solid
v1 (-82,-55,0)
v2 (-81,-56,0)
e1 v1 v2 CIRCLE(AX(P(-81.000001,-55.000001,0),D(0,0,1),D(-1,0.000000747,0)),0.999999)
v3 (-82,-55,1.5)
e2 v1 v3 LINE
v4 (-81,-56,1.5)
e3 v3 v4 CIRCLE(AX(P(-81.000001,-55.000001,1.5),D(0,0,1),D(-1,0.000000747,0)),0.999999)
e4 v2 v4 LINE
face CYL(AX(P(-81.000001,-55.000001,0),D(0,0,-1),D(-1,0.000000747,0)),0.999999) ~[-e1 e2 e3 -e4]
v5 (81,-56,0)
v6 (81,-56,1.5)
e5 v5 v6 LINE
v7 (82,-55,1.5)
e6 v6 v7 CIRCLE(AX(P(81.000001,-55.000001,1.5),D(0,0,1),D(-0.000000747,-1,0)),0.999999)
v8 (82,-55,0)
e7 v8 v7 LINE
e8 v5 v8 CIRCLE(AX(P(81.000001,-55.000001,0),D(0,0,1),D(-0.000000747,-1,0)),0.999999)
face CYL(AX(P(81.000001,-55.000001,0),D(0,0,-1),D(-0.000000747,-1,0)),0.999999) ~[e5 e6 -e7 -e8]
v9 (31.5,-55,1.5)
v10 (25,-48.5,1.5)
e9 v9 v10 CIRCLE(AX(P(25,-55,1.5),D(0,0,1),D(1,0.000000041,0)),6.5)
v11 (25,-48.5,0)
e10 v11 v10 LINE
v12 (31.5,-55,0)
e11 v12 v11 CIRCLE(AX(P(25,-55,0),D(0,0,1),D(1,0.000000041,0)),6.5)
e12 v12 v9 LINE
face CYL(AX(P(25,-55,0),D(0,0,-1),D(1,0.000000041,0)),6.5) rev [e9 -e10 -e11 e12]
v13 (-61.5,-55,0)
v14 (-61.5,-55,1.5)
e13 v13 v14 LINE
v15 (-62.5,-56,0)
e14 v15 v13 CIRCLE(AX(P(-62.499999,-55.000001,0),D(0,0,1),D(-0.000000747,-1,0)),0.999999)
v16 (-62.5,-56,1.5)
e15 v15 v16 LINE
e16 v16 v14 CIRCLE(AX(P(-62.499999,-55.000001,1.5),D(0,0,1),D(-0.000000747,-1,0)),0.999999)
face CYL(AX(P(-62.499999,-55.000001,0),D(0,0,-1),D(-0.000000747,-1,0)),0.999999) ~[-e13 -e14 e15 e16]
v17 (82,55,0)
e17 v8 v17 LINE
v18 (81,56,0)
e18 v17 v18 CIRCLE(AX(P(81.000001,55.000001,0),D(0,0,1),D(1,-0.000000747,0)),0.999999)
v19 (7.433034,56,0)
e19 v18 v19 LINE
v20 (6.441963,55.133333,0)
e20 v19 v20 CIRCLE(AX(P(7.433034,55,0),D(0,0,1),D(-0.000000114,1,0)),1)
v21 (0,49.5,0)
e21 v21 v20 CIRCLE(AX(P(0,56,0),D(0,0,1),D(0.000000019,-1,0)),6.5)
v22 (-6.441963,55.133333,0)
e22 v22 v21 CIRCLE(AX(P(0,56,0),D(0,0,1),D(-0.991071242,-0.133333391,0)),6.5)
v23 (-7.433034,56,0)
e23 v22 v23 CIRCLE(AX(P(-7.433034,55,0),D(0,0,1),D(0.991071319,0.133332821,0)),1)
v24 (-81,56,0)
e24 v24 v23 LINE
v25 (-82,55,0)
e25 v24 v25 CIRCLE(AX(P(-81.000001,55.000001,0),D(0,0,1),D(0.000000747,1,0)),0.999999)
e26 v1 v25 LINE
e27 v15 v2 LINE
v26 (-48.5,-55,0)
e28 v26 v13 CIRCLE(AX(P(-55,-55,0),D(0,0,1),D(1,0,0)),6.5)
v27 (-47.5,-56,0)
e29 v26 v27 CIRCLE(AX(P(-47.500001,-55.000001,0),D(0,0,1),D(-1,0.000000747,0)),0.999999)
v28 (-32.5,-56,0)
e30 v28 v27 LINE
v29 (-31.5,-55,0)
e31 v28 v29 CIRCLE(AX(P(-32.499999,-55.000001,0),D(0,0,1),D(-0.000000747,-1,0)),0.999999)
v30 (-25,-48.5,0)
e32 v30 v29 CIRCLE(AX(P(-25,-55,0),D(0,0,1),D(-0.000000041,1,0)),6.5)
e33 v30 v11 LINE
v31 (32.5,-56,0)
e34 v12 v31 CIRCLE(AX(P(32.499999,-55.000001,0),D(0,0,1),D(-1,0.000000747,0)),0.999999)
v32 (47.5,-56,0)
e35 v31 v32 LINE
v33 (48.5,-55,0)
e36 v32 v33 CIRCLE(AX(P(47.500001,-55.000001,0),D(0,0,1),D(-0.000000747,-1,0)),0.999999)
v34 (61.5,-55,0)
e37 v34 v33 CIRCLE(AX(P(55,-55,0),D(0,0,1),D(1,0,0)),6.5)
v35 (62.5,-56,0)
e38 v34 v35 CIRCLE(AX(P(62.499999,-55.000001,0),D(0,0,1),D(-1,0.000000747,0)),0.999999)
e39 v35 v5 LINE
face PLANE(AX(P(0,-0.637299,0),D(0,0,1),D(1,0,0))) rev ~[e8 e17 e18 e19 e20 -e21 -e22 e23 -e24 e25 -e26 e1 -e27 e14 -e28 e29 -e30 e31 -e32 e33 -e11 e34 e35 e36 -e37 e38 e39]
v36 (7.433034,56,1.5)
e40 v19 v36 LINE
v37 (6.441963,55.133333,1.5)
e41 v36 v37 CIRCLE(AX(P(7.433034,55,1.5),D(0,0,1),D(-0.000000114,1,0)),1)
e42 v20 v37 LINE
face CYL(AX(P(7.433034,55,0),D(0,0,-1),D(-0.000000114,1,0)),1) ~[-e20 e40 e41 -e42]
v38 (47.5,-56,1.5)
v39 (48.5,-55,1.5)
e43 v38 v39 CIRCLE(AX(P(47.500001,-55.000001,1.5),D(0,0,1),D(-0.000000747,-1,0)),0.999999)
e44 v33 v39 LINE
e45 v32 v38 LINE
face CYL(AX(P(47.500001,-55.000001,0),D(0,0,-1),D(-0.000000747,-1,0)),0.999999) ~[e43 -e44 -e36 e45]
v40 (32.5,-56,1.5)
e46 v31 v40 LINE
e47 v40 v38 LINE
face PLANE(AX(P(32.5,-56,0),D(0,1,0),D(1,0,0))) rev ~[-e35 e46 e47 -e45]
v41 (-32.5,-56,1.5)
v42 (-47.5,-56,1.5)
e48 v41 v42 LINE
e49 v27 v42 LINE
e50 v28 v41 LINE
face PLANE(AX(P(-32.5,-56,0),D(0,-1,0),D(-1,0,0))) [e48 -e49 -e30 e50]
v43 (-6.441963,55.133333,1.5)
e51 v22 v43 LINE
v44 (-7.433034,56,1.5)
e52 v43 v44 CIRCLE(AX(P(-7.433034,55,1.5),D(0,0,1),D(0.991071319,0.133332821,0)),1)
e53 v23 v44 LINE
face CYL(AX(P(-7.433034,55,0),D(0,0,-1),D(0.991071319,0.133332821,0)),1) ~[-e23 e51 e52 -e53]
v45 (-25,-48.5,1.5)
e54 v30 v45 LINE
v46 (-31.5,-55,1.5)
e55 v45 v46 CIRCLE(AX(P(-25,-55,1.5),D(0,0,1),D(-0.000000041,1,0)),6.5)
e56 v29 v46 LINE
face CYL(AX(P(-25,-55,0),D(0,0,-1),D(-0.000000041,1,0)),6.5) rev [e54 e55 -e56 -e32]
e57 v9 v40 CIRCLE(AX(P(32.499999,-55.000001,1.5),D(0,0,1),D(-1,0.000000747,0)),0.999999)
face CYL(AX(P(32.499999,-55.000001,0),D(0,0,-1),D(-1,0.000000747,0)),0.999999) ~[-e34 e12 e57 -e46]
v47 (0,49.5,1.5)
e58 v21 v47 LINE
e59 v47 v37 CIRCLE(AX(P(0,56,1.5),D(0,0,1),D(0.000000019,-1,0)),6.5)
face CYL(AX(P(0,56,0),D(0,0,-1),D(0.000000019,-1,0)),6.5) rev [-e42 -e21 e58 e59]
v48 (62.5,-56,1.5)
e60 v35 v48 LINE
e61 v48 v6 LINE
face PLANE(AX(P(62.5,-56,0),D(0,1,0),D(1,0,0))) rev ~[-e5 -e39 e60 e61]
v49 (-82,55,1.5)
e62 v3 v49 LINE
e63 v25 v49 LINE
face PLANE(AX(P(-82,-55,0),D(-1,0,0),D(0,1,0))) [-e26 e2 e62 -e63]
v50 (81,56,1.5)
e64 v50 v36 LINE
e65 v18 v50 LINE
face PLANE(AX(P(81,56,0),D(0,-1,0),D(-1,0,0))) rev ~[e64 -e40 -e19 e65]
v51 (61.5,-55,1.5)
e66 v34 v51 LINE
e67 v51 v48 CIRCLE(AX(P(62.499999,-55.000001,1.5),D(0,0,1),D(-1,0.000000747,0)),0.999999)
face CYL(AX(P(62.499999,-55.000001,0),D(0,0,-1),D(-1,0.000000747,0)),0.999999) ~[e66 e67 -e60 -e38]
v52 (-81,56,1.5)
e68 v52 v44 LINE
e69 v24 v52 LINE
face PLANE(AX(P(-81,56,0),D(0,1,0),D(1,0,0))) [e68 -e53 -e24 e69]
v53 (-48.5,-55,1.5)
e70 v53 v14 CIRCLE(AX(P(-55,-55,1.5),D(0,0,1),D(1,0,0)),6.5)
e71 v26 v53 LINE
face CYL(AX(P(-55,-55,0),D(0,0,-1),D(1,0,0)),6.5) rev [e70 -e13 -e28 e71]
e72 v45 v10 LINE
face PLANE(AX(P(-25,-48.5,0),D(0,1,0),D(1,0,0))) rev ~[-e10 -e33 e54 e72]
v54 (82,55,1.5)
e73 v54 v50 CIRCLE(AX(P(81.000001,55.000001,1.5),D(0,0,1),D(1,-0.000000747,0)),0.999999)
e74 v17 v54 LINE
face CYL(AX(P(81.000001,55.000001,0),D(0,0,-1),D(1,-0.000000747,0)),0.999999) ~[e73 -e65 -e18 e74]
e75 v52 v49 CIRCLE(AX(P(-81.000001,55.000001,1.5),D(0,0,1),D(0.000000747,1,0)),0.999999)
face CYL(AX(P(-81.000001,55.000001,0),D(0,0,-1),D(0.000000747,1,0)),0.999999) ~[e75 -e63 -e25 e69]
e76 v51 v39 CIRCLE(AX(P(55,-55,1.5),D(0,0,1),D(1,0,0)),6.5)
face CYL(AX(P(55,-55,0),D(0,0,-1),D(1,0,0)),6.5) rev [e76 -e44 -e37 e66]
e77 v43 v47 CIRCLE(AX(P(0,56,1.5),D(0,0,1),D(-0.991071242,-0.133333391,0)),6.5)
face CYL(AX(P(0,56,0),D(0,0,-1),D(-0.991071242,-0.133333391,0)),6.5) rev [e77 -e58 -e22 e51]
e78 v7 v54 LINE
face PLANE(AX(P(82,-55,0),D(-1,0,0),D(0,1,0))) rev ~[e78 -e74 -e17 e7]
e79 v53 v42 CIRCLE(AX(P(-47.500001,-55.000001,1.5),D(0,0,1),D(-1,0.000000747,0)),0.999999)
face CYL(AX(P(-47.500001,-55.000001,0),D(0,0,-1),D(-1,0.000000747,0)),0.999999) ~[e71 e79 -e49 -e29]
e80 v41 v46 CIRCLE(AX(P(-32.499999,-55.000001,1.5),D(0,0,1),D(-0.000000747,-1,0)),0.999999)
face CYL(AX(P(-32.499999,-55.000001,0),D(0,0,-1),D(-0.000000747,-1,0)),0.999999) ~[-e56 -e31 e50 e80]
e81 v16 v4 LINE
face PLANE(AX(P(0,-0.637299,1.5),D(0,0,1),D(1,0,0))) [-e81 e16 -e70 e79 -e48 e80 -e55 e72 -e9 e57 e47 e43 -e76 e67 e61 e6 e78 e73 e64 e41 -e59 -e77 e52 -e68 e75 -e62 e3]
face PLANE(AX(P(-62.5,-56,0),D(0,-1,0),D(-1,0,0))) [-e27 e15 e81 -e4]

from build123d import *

# Parameters (mm, degrees)
EXTRUDE_DEPTH = 1.5


with BuildPart() as part:
    # Sketch → Extrude (new body)
    with BuildSketch(Plane.XY):
        with BuildLine():
            Line((82, -55), (82, 55))
            ThreePointArc((82, 55), (81.707107, 55.707107), (81, 56))
            Line((81, 56), (7.433034, 56))
            ThreePointArc((7.433034, 56), (6.774754, 55.752773), (6.441963, 55.133333))
            ThreePointArc((0, 49.5), (4.278824, 51.106978), (6.441963, 55.133333))
            ThreePointArc((-6.441963, 55.133333), (-4.278824, 51.106978), (0, 49.5))
            ThreePointArc((-6.441963, 55.133333), (-6.774754, 55.752773), (-7.433034, 56))
            Line((-81, 56), (-7.433034, 56))
            ThreePointArc((-81, 56), (-81.707107, 55.707107), (-82, 55))
            Line((-82, -55), (-82, 55))
            ThreePointArc((-82, -55), (-81.707107, -55.707107), (-81, -56))
            Line((-62.5, -56), (-81, -56))
            ThreePointArc((-62.5, -56), (-61.792893, -55.707107), (-61.5, -55))
            ThreePointArc((-48.5, -55), (-55, -48.5), (-61.5, -55))
            ThreePointArc((-48.5, -55), (-48.207107, -55.707107), (-47.5, -56))
            Line((-32.5, -56), (-47.5, -56))
            ThreePointArc((-32.5, -56), (-31.792893, -55.707107), (-31.5, -55))
            ThreePointArc((-25, -48.5), (-29.596194, -50.403806), (-31.5, -55))
            Line((-25, -48.5), (0, -48.5))
            Line((25, -48.5), (0, -48.5))
            ThreePointArc((31.5, -55), (29.596194, -50.403806), (25, -48.5))
            ThreePointArc((31.5, -55), (31.792893, -55.707107), (32.5, -56))
            Line((32.5, -56), (47.5, -56))
            ThreePointArc((47.5, -56), (48.207107, -55.707107), (48.5, -55))
            ThreePointArc((61.5, -55), (55, -48.5), (48.5, -55))
            ThreePointArc((61.5, -55), (61.792893, -55.707107), (62.5, -56))
            Line((62.5, -56), (81, -56))
            ThreePointArc((81, -56), (81.707107, -55.707107), (82, -55))
        make_face()
    extrude(amount=EXTRUDE_DEPTH)


solid = part.part
